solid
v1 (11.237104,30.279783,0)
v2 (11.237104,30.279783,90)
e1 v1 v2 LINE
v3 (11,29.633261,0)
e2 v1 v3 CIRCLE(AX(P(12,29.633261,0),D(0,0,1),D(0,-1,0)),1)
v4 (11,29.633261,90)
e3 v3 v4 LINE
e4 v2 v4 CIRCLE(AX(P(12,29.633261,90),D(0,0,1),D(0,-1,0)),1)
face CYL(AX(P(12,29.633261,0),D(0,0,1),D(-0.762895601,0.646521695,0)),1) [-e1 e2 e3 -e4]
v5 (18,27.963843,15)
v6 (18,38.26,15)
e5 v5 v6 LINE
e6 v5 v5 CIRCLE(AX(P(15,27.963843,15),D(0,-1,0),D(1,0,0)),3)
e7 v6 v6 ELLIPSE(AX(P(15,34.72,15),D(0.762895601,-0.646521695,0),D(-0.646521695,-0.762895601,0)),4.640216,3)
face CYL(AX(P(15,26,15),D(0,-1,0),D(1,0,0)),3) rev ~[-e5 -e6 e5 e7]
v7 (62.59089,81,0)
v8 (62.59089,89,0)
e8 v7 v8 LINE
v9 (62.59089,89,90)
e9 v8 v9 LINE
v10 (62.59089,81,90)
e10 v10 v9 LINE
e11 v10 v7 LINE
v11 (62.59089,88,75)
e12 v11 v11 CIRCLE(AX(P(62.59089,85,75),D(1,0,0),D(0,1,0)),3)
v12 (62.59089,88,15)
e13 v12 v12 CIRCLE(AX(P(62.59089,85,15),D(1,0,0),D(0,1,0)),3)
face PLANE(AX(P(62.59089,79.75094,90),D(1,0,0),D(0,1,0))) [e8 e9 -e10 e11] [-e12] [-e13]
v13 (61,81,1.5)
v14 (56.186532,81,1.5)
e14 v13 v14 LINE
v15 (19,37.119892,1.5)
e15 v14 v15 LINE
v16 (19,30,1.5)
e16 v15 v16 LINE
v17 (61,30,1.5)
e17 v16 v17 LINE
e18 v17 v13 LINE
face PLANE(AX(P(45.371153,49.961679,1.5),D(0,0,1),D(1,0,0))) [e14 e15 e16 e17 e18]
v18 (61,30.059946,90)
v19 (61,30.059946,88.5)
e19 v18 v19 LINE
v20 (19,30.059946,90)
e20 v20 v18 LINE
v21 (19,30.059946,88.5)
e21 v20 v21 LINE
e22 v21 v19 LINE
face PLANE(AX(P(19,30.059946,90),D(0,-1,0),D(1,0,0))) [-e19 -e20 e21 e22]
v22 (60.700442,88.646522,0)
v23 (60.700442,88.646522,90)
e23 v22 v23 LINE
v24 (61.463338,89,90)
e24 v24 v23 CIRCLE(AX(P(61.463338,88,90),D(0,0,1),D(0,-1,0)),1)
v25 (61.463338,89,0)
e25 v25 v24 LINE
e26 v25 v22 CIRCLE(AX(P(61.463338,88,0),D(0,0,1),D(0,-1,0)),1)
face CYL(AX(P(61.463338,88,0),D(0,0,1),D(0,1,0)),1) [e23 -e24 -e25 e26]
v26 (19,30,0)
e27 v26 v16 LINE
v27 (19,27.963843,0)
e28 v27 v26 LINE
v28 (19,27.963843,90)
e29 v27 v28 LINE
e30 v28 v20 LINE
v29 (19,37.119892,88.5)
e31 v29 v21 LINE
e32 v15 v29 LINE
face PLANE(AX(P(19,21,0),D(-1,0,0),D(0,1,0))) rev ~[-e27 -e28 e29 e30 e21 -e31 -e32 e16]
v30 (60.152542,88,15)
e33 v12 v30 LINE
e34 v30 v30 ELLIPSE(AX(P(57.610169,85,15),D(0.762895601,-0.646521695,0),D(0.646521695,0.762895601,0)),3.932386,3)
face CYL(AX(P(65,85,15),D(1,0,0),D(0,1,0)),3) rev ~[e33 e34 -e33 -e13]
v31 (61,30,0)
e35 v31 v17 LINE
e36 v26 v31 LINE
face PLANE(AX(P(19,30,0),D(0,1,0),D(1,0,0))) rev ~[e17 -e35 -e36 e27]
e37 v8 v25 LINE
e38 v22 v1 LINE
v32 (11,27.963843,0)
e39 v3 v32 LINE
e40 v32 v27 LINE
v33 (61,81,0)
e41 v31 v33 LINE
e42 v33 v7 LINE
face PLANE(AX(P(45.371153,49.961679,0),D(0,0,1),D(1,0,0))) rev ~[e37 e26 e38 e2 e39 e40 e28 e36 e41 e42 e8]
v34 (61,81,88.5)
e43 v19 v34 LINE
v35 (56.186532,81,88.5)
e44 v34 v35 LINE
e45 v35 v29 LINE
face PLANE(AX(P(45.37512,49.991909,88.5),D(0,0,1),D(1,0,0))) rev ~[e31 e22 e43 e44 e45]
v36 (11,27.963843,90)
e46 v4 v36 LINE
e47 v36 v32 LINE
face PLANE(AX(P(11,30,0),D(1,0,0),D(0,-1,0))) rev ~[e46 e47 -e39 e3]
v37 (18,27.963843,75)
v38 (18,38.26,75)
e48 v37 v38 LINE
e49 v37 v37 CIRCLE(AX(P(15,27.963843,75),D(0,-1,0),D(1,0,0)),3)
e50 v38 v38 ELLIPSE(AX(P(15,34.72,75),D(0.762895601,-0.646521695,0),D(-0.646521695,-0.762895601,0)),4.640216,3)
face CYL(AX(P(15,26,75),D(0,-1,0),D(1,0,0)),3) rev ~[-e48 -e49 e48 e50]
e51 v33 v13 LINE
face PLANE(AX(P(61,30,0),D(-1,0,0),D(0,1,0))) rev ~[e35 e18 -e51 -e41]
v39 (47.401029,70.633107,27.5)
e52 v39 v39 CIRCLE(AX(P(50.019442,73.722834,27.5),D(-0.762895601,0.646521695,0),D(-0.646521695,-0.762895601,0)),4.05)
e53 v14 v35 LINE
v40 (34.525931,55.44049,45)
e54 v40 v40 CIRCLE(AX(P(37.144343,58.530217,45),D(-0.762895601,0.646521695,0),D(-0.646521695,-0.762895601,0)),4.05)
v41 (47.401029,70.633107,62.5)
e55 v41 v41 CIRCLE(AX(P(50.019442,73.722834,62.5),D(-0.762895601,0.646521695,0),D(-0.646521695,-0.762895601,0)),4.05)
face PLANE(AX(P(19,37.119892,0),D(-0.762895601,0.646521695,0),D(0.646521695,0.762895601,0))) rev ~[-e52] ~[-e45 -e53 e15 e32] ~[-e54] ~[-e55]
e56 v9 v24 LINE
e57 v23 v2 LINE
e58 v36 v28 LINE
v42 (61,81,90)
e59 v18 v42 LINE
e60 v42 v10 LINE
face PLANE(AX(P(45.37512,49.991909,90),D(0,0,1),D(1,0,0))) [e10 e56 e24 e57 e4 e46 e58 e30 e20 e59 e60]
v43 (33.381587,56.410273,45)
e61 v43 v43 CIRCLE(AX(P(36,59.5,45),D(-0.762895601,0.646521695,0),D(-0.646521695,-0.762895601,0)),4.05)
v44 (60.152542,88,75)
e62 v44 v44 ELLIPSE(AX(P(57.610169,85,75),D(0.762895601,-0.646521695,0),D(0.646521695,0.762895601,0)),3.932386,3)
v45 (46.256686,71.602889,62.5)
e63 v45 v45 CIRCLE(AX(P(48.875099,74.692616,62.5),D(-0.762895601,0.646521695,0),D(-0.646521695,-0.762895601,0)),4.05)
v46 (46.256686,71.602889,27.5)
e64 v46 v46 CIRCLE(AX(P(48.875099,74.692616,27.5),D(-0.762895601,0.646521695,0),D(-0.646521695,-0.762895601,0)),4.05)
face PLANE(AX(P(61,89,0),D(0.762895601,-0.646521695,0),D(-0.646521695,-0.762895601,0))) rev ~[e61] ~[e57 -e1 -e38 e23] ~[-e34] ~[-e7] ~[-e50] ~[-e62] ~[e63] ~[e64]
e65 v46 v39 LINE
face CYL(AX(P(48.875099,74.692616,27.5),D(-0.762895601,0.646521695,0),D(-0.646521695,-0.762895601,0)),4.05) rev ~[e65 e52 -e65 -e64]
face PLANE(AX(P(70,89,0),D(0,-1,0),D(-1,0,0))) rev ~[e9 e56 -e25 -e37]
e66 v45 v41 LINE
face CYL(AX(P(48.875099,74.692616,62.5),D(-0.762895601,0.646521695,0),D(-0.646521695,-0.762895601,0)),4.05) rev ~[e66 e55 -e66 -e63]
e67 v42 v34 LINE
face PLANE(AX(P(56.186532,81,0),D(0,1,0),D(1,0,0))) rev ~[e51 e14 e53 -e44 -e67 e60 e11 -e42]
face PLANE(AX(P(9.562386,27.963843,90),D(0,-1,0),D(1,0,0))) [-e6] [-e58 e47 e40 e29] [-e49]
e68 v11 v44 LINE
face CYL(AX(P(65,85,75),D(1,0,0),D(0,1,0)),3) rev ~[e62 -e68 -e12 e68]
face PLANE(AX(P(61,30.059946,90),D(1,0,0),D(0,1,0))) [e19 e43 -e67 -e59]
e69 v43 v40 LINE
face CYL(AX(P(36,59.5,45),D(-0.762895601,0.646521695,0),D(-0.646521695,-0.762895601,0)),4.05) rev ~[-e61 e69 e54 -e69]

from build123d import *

# Parameters (mm, degrees)
F1_DEPTH  = 90
F2_R      = 4.05
F3_DEPTH  = 25
F5_DEPTH  = 25
F6_R      = 1.75
F7_DEPTH  = 25
F9_R      = 3
F10_DEPTH = 25
F12_R     = 3
F13_DEPTH = 25
F14_SIZE  = 2
F15_R     = 1
F17_DEPTH = 1.5
F19_DEPTH = 1.5
F20_W     = 9.3469619751
F20_H     = 10.4837566614
F20_W_2   = 11.7468573153
F20_H_2   = 8.0838575959
F21_DEPTH = 90.001


with BuildPart() as f1:
    # F0 (on Top) → F1 (new body)
    with BuildSketch(Plane.XY):
        Polygon((70, 89), (61, 89), (11, 30), (11, 21), (19, 21), (19, 30), (19, 33.3303359461), (19, 37.1198922439), (56.1865319967, 81), (61, 81), (70, 81), align=None)
    extrude(amount=F1_DEPTH)

    # F2 (on face) → F3 (cut)
    with BuildSketch(Plane(origin=(-8.3947500418, 7.1141949507, 0), x_dir=(-0.6465216954, -0.7628956006, 0), z_dir=(-0.7628956006, 0.6465216954, 0))):
        with Locations((-88.5814800858, 27.5)):
            Circle(F2_R)
        with Locations((-88.5814800858, 62.5)):
            Circle(F2_R)
        with Locations((-68.6670692686, 45)):
            Circle(F2_R)
    extrude(amount=-F3_DEPTH, mode=Mode.SUBTRACT)

    # F4 (on face) → F5 (cut)
    with BuildSketch(Plane.XZ.offset(-21)):
        with BuildLine():
            ThreePointArc((16.75, 75), (16.2374368671, 76.2374368671), (15, 76.75))
            Line((15, 76.75), (15, 73.25))
            ThreePointArc((15, 73.25), (16.2374368671, 73.7625631329), (16.75, 75))
        make_face()
        with BuildLine():
            ThreePointArc((16.75, 15), (16.2374368671, 16.2374368671), (15, 16.75))
            Line((15, 16.75), (15, 13.25))
            ThreePointArc((15, 13.25), (16.2374368671, 13.7625631329), (16.75, 15))
        make_face()
        with BuildLine():
            Line((15, 13.25), (15, 16.75))
            ThreePointArc((15, 16.75), (13.25, 15), (15, 13.25))
        make_face()
        with BuildLine():
            Line((15, 73.25), (15, 76.75))
            ThreePointArc((15, 76.75), (13.25, 75), (15, 73.25))
        make_face()
    extrude(amount=-F5_DEPTH, mode=Mode.SUBTRACT)

    # F6 (on face) → F7 (cut)
    with BuildSketch(Plane.YZ.offset(70)):
        with Locations((85, 75)):
            Circle(F6_R)
        with Locations((85, 15)):
            Circle(F6_R)
    extrude(amount=-F7_DEPTH, mode=Mode.SUBTRACT)

    # F9 (on offset) → F10 (cut)
    with BuildSketch(Plane.YZ.offset(65)):
        with Locations((85, 75)):
            Circle(F9_R)
        with Locations((85, 15)):
            Circle(F9_R)
    extrude(amount=-F10_DEPTH, mode=Mode.SUBTRACT)

    # F12 (on offset) → F13 (cut)
    with BuildSketch(Plane.XZ.offset(-26)):
        with Locations((15, 75)):
            Circle(F12_R)
        with Locations((15, 15)):
            Circle(F12_R)
    extrude(amount=-F13_DEPTH, mode=Mode.SUBTRACT)

    # F14
    f14_edges = [f1.edges().sort_by_distance(p)[0] for p in [
        (70, 81, 45),
        (70, 89, 45),
        (19, 21, 45),
        (11, 21, 45),
    ]]
    chamfer(f14_edges, length=F14_SIZE)

    # F15
    f15_edges = [f1.edges().sort_by_distance(p)[0] for p in [
        (61, 89, 45),
        (11, 30, 45),
    ]]
    fillet(f15_edges, radius=F15_R)

    # F16 (on face) → F17 (join)
    with BuildSketch(Plane.XY.offset(90)):
        Polygon((19, 37.1198922439), (19, 30.0599461219), (61, 30.0599461219), (61, 81), (56.1865319967, 81), align=None)
    extrude(amount=-F17_DEPTH)

    # F18 (on face) → F19 (join)
    with BuildSketch(Plane.XY):
        Polygon((61, 30), (61, 81), (56.1865319967, 81), (19, 37.1198922439), (19, 30), align=None)
    extrude(amount=F19_DEPTH)

    # F20 (on face) → F21 (cut, through all)
    with BuildSketch(Plane.XY.offset(90)):
        with Locations((67.2643706203, 84.9928185344)):
            Rectangle(F20_W, F20_H)
        with Locations((15.4358148575, 23.9219143987)):
            Rectangle(F20_W_2, F20_H_2)
    extrude(amount=-F21_DEPTH, mode=Mode.SUBTRACT)


solid = f1.part
